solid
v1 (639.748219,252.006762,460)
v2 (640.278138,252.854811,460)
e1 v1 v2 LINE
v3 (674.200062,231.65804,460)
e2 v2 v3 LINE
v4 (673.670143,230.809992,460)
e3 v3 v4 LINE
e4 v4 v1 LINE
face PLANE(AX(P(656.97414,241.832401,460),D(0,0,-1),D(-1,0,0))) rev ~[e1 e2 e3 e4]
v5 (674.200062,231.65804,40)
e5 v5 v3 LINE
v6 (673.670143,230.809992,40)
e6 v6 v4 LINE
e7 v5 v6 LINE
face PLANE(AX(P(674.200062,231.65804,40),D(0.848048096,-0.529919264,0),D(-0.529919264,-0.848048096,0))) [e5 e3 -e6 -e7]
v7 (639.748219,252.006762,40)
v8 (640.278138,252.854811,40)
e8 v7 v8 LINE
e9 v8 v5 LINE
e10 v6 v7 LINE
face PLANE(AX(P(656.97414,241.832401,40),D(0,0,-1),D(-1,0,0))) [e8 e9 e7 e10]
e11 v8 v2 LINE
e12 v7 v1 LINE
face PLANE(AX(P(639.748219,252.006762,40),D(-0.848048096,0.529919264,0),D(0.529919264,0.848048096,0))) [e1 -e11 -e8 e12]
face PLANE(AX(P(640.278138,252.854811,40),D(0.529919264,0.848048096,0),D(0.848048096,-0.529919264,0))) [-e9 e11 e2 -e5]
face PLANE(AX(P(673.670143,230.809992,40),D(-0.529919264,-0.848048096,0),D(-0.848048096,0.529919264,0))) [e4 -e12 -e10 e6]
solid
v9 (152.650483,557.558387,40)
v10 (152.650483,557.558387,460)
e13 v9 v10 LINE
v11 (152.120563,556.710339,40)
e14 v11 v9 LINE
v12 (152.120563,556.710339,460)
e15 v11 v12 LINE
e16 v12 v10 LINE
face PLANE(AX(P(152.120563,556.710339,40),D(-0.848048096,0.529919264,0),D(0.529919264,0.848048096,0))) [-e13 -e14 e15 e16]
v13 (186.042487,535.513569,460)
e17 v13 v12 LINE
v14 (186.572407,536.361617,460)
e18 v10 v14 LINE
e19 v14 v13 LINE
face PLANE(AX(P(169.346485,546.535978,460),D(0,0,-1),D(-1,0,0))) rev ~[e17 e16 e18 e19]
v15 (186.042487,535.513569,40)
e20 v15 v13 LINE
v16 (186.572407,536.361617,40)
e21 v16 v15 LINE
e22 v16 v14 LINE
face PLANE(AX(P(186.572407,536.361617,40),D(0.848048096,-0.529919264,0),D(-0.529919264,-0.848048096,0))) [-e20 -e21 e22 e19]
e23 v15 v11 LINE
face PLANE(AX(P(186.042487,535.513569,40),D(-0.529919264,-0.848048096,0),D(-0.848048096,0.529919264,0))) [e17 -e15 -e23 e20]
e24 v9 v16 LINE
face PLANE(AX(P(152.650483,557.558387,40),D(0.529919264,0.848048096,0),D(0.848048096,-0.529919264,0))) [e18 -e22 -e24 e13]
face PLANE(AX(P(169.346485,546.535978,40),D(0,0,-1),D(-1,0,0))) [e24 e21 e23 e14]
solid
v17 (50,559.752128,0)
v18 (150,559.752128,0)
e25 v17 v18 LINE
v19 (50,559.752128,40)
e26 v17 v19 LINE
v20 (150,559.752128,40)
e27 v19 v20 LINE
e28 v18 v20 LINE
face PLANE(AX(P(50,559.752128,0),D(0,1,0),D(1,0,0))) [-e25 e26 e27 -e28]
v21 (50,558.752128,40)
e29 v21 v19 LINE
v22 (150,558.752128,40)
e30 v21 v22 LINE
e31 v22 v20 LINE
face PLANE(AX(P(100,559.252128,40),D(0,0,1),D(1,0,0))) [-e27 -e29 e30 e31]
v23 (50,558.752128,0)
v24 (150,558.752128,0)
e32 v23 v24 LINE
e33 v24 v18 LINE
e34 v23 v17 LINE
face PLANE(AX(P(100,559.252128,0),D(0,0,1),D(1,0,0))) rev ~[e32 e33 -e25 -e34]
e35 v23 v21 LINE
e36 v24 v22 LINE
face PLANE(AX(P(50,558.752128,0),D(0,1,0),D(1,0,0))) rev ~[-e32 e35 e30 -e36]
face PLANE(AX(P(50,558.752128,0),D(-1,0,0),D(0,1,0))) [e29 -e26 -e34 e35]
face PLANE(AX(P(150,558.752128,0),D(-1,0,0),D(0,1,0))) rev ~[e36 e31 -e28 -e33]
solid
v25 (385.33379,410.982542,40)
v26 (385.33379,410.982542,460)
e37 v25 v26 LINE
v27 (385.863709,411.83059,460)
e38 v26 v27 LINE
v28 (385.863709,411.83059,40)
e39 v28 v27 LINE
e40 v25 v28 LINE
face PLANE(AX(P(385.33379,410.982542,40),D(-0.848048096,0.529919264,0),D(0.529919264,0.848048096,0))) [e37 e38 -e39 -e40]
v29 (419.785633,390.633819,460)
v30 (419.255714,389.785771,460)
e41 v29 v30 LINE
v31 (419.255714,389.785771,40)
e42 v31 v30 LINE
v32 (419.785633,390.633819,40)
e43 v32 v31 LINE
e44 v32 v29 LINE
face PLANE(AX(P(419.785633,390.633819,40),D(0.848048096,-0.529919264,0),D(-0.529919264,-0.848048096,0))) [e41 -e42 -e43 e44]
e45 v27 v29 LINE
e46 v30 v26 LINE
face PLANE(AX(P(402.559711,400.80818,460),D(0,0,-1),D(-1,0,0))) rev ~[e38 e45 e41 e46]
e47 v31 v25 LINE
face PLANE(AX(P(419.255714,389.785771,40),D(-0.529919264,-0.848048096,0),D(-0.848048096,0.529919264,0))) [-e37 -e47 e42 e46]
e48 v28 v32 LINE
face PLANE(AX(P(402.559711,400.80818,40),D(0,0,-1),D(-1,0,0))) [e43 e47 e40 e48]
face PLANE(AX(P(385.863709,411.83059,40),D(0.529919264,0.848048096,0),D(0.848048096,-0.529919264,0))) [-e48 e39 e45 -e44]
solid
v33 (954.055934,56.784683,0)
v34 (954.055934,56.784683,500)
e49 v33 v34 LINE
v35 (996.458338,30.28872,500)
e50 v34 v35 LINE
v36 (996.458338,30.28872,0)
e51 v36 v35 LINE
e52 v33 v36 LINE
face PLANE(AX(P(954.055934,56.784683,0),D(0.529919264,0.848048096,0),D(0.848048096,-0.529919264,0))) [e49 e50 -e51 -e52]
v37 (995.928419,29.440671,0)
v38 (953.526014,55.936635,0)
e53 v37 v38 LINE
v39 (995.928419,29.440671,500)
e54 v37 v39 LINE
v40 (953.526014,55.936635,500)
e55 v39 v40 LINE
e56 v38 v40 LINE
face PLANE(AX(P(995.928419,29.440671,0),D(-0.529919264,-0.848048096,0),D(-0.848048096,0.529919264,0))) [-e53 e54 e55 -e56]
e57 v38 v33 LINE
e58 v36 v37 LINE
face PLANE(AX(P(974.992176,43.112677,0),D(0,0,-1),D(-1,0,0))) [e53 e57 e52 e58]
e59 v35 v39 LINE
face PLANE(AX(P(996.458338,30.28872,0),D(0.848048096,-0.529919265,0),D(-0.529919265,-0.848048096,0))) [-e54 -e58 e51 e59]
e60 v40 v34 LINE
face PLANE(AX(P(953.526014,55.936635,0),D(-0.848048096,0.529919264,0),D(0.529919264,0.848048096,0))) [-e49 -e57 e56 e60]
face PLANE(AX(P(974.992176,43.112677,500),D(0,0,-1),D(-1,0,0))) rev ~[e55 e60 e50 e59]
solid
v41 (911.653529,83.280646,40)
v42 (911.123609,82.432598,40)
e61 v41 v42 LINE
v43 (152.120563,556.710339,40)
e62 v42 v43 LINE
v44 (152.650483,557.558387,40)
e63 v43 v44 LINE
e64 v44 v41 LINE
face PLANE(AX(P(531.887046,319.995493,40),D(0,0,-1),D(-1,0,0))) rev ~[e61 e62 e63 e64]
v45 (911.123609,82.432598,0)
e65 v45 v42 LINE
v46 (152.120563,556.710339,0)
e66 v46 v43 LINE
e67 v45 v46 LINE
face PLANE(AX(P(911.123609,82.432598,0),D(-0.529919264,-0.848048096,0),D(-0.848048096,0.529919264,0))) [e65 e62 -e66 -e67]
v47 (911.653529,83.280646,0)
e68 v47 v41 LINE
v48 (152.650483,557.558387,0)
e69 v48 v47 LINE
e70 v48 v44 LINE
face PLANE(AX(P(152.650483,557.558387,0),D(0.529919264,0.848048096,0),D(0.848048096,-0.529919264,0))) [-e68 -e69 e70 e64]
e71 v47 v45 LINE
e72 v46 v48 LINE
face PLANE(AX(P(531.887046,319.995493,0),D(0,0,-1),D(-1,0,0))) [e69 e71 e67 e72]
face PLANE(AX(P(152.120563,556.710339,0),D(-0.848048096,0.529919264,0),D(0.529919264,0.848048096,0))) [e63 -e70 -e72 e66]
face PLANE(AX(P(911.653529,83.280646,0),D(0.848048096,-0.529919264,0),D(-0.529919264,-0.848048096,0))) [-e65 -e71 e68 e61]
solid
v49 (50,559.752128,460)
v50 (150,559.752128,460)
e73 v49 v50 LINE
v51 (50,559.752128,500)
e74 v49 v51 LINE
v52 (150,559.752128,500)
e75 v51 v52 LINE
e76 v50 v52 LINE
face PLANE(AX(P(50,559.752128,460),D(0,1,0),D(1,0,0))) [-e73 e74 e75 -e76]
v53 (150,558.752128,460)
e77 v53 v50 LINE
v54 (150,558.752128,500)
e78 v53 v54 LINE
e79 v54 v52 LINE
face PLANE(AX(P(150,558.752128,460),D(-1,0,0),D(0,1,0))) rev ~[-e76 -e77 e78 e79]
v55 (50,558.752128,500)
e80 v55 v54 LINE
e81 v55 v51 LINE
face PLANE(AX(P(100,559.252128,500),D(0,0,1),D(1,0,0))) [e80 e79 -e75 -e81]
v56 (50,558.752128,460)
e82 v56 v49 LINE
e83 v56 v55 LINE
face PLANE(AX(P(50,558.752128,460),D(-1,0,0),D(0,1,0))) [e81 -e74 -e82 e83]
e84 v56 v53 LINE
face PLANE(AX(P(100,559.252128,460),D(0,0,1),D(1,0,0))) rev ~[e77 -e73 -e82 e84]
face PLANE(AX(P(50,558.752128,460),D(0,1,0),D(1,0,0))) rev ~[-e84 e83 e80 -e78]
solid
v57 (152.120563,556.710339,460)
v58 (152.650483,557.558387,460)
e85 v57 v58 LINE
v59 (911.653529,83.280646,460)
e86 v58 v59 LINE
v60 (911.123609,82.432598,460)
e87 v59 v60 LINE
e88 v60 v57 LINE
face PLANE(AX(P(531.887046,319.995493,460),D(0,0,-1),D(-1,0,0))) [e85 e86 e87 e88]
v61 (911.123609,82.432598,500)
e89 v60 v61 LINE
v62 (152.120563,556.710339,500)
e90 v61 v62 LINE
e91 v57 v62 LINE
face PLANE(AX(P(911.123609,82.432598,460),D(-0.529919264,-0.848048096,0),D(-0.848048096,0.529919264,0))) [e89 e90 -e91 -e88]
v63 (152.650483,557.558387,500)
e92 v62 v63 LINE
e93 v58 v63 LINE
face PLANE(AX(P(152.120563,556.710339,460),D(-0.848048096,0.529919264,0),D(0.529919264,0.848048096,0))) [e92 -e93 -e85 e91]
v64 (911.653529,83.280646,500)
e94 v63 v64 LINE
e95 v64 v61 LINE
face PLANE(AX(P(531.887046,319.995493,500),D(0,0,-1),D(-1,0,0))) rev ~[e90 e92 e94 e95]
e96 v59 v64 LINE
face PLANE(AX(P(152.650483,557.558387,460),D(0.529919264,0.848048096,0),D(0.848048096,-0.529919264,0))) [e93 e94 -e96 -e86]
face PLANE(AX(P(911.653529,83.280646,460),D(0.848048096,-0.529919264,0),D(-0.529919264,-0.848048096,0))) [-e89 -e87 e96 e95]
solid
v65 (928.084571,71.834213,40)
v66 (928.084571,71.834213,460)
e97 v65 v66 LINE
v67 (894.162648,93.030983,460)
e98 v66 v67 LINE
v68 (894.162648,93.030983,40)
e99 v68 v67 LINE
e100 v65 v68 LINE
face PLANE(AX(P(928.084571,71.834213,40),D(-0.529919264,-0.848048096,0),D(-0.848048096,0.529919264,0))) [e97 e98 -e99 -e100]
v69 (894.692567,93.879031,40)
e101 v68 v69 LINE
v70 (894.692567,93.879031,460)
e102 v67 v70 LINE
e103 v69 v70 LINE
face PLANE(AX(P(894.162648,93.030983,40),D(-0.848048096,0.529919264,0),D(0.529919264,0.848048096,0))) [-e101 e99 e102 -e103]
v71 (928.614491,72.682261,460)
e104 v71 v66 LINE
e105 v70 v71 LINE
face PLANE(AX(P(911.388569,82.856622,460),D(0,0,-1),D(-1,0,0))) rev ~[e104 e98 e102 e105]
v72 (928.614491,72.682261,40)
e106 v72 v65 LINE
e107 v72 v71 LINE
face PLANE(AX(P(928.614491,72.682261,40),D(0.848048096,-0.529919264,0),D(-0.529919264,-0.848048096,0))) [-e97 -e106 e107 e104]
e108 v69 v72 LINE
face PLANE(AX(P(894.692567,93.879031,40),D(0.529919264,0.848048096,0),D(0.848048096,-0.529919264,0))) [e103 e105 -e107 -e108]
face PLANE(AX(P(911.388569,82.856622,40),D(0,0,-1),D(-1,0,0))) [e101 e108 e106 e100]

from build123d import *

# Parameters (mm, degrees)
RAIL_SEAT_1_EPDM_T1_DEPTH     = 40
SKETCH_2_W                    = 100
SKETCH_2_H                    = 1
PLATFORM_SEAT_1_EPDM_T1_DEPTH = 40
RAIL_SEAT_2_EPDM_T1_START     = 460
RAIL_SEAT_2_EPDM_T1_DEPTH     = 40
PLATFORM_SEAT_2_EPDM_T1_START = 460
SKETCH_4_W                    = 100
SKETCH_4_H                    = 1
PLATFORM_SEAT_2_EPDM_T1_DEPTH = 40
TOE_SEAT_EPDM_T1_DEPTH        = 500
CROSS_SEAT_S25_EPDM_T1_START  = 40
CROSS_SEAT_S25_EPDM_T1_DEPTH  = 420
CROSS_SEAT_S300_EPDM_T1_START = 40
CROSS_SEAT_S300_EPDM_T1_DEPTH = 420
CROSS_SEAT_S600_EPDM_T1_START = 40
CROSS_SEAT_S600_EPDM_T1_DEPTH = 420
CROSS_SEAT_S900_EPDM_T1_START = 40
CROSS_SEAT_S900_EPDM_T1_DEPTH = 420


with BuildPart() as part:
    # 草图1 → Rail_seat_1_EPDM_t1 (new body)
    with BuildSketch(Plane.XY):
        Polygon((152.650482688, 557.558387489), (911.653528748, 83.280646), (911.123609484, 82.432597904), (152.120563424, 556.710339393), align=None)
    extrude(amount=RAIL_SEAT_1_EPDM_T1_DEPTH)


with BuildPart() as body_2:
    # 草图2 → Platform_seat_1_EPDM_t1 (new body)
    with BuildSketch(Plane.XY):
        with Locations((100, 559.252128099)):
            Rectangle(SKETCH_2_W, SKETCH_2_H)
    extrude(amount=PLATFORM_SEAT_1_EPDM_T1_DEPTH)


with BuildPart() as body_3:
    # 草图3 → Rail_seat_2_EPDM_t1 (new body)
    with BuildSketch(Plane.XY.offset(RAIL_SEAT_2_EPDM_T1_START)):
        Polygon((152.650482688, 557.558387489), (911.653528748, 83.280646), (911.123609484, 82.432597904), (152.120563424, 556.710339393), align=None)
    extrude(amount=RAIL_SEAT_2_EPDM_T1_DEPTH)


with BuildPart() as body_4:
    # 草图4 → Platform_seat_2_EPDM_t1 (new body)
    with BuildSketch(Plane.XY.offset(PLATFORM_SEAT_2_EPDM_T1_START)):
        with Locations((100, 559.252128099)):
            Rectangle(SKETCH_4_W, SKETCH_4_H)
    extrude(amount=PLATFORM_SEAT_2_EPDM_T1_DEPTH)


with BuildPart() as body_5:
    # 草图5 → Toe_seat_EPDM_t1 (new body)
    with BuildSketch(Plane.XY):
        Polygon((954.055933556, 56.784682789), (996.458338364, 30.288719577), (995.928419099, 29.440671481), (953.526014292, 55.936634693), align=None)
    extrude(amount=TOE_SEAT_EPDM_T1_DEPTH)


with BuildPart() as body_6:
    # 草图6 → Cross_seat_s25_EPDM_t1 (new body)
    with BuildSketch(Plane.XY.offset(CROSS_SEAT_S25_EPDM_T1_START)):
        Polygon((152.650482688, 557.558387489), (186.572406534, 536.36161692), (186.04248727, 535.513568824), (152.120563424, 556.710339393), align=None)
    extrude(amount=CROSS_SEAT_S25_EPDM_T1_DEPTH)


with BuildPart() as body_7:
    # 草图7 → Cross_seat_s300_EPDM_t1 (new body)
    with BuildSketch(Plane.XY.offset(CROSS_SEAT_S300_EPDM_T1_START)):
        Polygon((385.863709131, 411.830589825), (419.785632977, 390.633819256), (419.255713713, 389.785771159), (385.333789867, 410.982541729), align=None)
    extrude(amount=CROSS_SEAT_S300_EPDM_T1_DEPTH)


with BuildPart() as body_8:
    # 草图8 → Cross_seat_s600_EPDM_t1 (new body)
    with BuildSketch(Plane.XY.offset(CROSS_SEAT_S600_EPDM_T1_START)):
        Polygon((640.278137978, 252.854810555), (674.200061824, 231.658039986), (673.67014256, 230.80999189), (639.748218714, 252.006762459), align=None)
    extrude(amount=CROSS_SEAT_S600_EPDM_T1_DEPTH)


with BuildPart() as body_9:
    # 草图9 → Cross_seat_s900_EPDM_t1 (new body)
    with BuildSketch(Plane.XY.offset(CROSS_SEAT_S900_EPDM_T1_START)):
        Polygon((894.692566825, 93.879031285), (928.614490671, 72.682260716), (928.084571407, 71.83421262), (894.162647561, 93.030983189), align=None)
    extrude(amount=CROSS_SEAT_S900_EPDM_T1_DEPTH)


solid = Compound([part.part, body_2.part, body_3.part, body_4.part, body_5.part, body_6.part, body_7.part, body_8.part, body_9.part])
